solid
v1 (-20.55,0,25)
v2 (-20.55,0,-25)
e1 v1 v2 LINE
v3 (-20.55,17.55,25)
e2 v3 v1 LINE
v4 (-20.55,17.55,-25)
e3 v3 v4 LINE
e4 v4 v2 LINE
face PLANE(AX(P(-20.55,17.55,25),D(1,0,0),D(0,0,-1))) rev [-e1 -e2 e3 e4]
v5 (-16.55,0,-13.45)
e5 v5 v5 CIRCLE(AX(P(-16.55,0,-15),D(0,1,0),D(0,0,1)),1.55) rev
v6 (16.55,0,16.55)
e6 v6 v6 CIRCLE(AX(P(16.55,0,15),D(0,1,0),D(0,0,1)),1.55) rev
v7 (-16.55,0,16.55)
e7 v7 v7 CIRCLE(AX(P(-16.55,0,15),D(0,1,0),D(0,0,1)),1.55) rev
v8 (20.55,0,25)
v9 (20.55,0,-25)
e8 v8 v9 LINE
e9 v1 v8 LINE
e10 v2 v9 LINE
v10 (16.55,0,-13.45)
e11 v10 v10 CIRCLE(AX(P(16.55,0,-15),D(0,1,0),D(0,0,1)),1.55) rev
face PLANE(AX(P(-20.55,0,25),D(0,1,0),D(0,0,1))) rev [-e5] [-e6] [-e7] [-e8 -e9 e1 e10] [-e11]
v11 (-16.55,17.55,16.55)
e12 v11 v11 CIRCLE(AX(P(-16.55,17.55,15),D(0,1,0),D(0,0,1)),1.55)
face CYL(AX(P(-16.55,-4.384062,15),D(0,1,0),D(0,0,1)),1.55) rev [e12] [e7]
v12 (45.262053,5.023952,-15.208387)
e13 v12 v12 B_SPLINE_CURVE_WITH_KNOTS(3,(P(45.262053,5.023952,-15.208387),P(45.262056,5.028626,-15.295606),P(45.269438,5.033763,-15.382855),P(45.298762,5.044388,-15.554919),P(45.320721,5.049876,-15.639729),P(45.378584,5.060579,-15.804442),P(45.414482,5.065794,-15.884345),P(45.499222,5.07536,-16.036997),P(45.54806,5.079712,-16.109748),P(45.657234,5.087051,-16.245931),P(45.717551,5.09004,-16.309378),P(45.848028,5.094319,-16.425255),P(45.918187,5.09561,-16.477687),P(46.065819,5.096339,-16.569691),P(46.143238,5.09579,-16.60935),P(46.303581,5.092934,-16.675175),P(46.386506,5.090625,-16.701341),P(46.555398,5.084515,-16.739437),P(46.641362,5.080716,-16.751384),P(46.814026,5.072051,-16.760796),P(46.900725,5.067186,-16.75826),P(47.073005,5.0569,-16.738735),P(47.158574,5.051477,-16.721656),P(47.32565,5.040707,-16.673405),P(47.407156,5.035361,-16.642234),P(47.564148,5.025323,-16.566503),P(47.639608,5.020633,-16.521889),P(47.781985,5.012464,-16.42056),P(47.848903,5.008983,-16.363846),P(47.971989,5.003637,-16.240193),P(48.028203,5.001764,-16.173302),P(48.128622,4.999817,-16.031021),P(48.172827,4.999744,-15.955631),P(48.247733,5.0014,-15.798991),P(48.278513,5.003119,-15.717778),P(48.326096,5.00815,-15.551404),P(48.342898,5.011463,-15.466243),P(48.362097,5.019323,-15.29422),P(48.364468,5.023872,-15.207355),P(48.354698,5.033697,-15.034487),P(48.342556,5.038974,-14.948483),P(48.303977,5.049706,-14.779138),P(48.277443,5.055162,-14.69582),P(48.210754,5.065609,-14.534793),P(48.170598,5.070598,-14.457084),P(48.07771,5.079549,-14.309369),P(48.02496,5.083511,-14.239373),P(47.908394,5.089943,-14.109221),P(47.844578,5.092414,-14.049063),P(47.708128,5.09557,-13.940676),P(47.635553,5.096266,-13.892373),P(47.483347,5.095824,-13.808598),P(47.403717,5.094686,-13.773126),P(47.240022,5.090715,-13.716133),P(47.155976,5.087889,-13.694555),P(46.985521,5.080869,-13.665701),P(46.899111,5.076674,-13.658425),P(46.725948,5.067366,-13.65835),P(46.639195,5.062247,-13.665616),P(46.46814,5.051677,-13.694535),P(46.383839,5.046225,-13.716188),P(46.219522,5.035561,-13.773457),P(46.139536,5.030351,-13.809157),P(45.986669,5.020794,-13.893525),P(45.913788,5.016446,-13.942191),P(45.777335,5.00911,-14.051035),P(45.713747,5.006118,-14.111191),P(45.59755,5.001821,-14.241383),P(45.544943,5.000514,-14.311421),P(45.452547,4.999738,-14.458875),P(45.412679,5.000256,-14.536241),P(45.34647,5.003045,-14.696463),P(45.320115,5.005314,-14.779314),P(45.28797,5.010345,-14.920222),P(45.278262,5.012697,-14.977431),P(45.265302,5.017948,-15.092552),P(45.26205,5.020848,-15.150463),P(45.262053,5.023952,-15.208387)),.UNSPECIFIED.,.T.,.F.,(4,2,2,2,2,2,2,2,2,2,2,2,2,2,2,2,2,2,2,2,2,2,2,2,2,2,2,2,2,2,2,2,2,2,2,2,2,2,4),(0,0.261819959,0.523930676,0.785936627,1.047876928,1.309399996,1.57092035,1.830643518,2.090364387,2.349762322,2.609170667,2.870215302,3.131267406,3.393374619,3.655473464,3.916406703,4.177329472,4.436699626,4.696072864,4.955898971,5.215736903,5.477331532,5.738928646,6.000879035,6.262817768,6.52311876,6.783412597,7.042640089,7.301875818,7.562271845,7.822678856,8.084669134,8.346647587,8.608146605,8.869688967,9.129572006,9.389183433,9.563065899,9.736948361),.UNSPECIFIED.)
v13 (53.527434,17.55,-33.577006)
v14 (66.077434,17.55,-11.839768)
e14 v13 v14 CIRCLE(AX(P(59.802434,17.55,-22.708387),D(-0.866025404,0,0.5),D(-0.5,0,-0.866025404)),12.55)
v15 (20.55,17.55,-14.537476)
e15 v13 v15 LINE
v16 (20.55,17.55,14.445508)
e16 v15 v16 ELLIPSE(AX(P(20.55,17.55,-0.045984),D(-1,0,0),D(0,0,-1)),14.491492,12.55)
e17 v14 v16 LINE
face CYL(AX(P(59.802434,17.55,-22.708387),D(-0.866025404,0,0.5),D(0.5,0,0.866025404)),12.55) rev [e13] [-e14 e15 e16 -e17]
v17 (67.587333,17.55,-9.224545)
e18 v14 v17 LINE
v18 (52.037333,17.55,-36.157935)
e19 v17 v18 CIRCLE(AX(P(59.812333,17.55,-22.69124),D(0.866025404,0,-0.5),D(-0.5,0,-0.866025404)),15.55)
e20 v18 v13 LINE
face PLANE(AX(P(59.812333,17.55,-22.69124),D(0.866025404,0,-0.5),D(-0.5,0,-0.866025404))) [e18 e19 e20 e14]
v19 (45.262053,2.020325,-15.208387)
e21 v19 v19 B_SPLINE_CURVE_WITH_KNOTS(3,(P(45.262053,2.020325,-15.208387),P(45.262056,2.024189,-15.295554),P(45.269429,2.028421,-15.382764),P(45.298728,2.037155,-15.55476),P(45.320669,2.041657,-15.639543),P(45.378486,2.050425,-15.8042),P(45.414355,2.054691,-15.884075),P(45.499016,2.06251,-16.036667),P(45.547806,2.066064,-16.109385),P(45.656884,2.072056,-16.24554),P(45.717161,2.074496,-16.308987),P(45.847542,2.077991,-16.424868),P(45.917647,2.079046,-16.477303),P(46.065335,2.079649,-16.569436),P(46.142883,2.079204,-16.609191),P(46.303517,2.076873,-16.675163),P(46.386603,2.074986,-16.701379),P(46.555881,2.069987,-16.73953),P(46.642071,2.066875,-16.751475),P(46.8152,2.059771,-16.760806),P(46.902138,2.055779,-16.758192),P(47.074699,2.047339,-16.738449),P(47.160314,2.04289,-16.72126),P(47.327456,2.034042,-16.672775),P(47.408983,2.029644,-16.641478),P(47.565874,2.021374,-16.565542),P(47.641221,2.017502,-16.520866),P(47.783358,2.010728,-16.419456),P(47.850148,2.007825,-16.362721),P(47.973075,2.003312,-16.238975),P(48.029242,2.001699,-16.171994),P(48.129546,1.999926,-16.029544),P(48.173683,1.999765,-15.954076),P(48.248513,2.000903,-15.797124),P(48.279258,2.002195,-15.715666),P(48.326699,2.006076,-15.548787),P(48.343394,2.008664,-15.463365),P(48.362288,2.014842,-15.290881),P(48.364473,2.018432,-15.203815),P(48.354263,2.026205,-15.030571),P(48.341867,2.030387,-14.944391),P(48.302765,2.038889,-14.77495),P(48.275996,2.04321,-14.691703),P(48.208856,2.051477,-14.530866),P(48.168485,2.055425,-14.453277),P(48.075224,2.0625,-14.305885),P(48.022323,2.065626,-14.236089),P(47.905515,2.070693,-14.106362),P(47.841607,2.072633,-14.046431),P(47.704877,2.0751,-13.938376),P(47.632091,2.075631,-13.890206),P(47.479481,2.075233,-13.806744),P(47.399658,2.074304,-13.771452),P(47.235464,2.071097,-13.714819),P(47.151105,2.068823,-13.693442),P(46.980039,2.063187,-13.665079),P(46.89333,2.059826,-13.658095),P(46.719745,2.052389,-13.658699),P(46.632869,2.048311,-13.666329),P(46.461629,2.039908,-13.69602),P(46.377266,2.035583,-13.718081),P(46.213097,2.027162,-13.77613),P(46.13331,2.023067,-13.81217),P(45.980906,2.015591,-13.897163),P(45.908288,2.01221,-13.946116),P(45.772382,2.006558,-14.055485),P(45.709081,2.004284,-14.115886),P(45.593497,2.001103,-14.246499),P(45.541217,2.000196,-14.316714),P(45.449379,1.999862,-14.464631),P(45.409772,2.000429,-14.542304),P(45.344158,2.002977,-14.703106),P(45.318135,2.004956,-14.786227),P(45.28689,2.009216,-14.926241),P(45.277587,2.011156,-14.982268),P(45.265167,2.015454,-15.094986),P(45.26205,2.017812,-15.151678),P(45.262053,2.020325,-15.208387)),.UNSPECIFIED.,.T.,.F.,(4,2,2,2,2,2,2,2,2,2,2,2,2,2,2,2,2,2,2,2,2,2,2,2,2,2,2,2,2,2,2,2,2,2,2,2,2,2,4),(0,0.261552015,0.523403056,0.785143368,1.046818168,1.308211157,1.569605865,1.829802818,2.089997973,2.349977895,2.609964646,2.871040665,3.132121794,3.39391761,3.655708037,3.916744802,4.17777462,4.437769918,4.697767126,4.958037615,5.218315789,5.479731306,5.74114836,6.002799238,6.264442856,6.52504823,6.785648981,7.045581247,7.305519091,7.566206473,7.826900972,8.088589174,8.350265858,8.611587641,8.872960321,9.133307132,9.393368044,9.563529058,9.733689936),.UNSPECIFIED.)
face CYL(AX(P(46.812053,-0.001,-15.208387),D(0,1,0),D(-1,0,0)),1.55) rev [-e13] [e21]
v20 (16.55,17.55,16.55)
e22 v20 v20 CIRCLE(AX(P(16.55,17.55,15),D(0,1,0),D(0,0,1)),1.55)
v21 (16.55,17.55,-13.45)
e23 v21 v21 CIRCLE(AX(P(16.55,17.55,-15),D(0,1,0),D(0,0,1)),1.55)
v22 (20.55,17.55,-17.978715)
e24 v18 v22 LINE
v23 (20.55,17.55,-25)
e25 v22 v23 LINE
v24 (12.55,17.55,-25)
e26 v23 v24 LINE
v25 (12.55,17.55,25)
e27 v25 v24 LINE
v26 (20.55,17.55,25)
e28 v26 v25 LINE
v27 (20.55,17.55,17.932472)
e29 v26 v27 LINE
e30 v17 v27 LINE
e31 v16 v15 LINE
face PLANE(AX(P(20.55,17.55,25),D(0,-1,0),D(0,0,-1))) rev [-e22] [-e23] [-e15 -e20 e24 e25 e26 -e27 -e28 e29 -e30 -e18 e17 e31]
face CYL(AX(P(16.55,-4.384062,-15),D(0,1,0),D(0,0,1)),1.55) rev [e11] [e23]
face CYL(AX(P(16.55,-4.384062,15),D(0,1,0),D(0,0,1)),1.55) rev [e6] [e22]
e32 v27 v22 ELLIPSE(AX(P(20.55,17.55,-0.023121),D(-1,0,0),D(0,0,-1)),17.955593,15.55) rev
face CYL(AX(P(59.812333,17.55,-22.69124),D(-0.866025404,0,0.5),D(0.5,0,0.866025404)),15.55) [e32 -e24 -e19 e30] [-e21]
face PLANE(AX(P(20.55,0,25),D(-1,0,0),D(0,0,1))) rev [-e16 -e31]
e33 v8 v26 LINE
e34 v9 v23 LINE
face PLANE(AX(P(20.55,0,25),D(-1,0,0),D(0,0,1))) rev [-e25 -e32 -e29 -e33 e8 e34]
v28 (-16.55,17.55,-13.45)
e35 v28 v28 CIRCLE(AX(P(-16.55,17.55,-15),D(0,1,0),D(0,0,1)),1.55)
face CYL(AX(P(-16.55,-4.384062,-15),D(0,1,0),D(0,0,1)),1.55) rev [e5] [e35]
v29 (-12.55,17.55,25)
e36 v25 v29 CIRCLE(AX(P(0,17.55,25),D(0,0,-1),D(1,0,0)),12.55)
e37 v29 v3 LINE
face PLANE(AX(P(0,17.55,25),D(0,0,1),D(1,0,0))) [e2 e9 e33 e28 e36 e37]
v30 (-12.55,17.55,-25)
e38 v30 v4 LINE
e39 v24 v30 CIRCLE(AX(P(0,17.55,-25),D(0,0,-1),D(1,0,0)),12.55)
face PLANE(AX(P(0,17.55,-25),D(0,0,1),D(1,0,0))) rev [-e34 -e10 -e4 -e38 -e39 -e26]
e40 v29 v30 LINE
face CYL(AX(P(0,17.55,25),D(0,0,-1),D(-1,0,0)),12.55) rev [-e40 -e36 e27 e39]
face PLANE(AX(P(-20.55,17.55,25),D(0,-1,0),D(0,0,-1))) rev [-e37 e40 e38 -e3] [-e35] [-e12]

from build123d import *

# Parameters (mm, degrees)
BOSS_EXTRUDE1_DEPTH             = 25
SKETCH2_R                       = 1.55
CUT_EXTRUDE1_DEPTH              = 17.55
BOSS_EXTRUDE2_REACH             = 68.8
BOSS_EXTRUDE2_DIRECTION_2_DEPTH = 30
CUT_EXTRUDE2_REACH              = 80.635
CUT_EXTRUDE2_END_RADIUS         = 15.55
SKETCH6_R                       = 1.55


with BuildPart() as part:
    # Sketch1 → Boss-Extrude1 (new, symmetric)
    with BuildSketch(Plane.XY):
        with BuildLine():
            Line((-20.55, 17.55), (-20.55, 0))
            Line((-20.55, 0), (20.55, 0))
            Line((20.55, 0), (20.55, 17.55))
            Line((20.55, 17.55), (12.55, 17.55))
            ThreePointArc((12.55, 17.55), (0, 5), (-12.55, 17.55))
            Line((-12.55, 17.55), (-20.55, 17.55))
        make_face()
    extrude(amount=BOSS_EXTRUDE1_DEPTH, both=True)

    # Sketch2 → Cut-Extrude1 (cut)
    with BuildSketch(Plane(origin=(0, 17.55, 0), x_dir=(1, 0, 0), z_dir=(0, 1, 0))):
        with Locations(Location((-16.55, 15, 0), (0, 0, 270))):
            Circle(SKETCH2_R)
        with Locations(Location((16.55, 15, 0), (0, 0, 270))):
            Circle(SKETCH2_R)
        with Locations(Location((16.55, -15, 0), (0, 0, 270))):
            Circle(SKETCH2_R)
        with Locations(Location((-16.55, -15, 0), (0, 0, 270))):
            Circle(SKETCH2_R)
    extrude(amount=-CUT_EXTRUDE1_DEPTH, mode=Mode.SUBTRACT)

    # Boss-Extrude2: up to this plane
    boss_extrude2_end = Plane(origin=(20.55, 0, 25), z_dir=(-1, 0, 0))
    # Sketch5 → Boss-Extrude2 (add, up to the surface)
    with BuildSketch(Plane(origin=(28.704083189, 0, -16.572310156), x_dir=(-0.5000000000000017, 0, -0.8660254037844376), z_dir=(0.8660254037844377, 0, -0.5000000000000018)), mode=Mode.PRIVATE) as boss_extrude2_sk1:
        with BuildLine():
            Line((-25.804976237, 17.55), (-22.785176853, 17.55))
            ThreePointArc((-22.785176853, 17.55), (-10.235176853, 5), (2.314823147, 17.55))
            Line((2.314823147, 17.55), (5.295023763, 17.55))
            ThreePointArc((5.295023763, 17.55), (-10.254976237, 2), (-25.804976237, 17.55))
        make_face()
    boss_extrude2_tool1 = split(extrude(boss_extrude2_sk1.sketch, amount=-BOSS_EXTRUDE2_REACH, mode=Mode.PRIVATE), bisect_by=boss_extrude2_end, keep=Keep.BOTH, mode=Mode.PRIVATE)
    add(boss_extrude2_tool1.solids().sort_by_distance((40.851621, 17.202291, 4.467843))[0])

    # Sketch5 → Boss-Extrude2 direction 2 (add)
    with BuildSketch(Plane(origin=(28.704083189, 0, -16.572310156), x_dir=(-0.5000000000000017, 0, -0.8660254037844376), z_dir=(0.8660254037844377, 0, -0.5000000000000018))):
        with BuildLine():
            Line((-25.804976237, 17.55), (-22.785176853, 17.55))
            ThreePointArc((-22.785176853, 17.55), (-10.235176853, 5), (2.314823147, 17.55))
            Line((2.314823147, 17.55), (5.295023763, 17.55))
            ThreePointArc((5.295023763, 17.55), (-10.254976237, 2), (-25.804976237, 17.55))
        make_face()
    extrude(amount=BOSS_EXTRUDE2_DIRECTION_2_DEPTH)

    # Cut-Extrude2: up to this cylinder (the profile starts inside it)
    cut_extrude2_end = Plane(origin=(46.821952615, 17.55, -15.191240364), z_dir=(-0.8660254037844377, 0, 0.5000000000000017)) * Cylinder(CUT_EXTRUDE2_END_RADIUS, 193.37, mode=Mode.PRIVATE)
    # Sketch6 → Cut-Extrude2 (cut, up to the surface)
    with BuildSketch(Plane(origin=(0, 17.55, 0), x_dir=(1, 0, 0), z_dir=(0, 1, 0)), mode=Mode.PRIVATE) as cut_extrude2_sk1:
        with Locations(Location((46.812052672, 15.20838699, 0), (0, 0, 180))):
            Circle(SKETCH6_R)
    cut_extrude2_tool1 = extrude(cut_extrude2_sk1.sketch, amount=-CUT_EXTRUDE2_REACH, mode=Mode.PRIVATE) & cut_extrude2_end
    add(cut_extrude2_tool1.solids().sort_by_distance((46.812053, 17.55, -15.208387))[0], mode=Mode.SUBTRACT)


solid = part.part
